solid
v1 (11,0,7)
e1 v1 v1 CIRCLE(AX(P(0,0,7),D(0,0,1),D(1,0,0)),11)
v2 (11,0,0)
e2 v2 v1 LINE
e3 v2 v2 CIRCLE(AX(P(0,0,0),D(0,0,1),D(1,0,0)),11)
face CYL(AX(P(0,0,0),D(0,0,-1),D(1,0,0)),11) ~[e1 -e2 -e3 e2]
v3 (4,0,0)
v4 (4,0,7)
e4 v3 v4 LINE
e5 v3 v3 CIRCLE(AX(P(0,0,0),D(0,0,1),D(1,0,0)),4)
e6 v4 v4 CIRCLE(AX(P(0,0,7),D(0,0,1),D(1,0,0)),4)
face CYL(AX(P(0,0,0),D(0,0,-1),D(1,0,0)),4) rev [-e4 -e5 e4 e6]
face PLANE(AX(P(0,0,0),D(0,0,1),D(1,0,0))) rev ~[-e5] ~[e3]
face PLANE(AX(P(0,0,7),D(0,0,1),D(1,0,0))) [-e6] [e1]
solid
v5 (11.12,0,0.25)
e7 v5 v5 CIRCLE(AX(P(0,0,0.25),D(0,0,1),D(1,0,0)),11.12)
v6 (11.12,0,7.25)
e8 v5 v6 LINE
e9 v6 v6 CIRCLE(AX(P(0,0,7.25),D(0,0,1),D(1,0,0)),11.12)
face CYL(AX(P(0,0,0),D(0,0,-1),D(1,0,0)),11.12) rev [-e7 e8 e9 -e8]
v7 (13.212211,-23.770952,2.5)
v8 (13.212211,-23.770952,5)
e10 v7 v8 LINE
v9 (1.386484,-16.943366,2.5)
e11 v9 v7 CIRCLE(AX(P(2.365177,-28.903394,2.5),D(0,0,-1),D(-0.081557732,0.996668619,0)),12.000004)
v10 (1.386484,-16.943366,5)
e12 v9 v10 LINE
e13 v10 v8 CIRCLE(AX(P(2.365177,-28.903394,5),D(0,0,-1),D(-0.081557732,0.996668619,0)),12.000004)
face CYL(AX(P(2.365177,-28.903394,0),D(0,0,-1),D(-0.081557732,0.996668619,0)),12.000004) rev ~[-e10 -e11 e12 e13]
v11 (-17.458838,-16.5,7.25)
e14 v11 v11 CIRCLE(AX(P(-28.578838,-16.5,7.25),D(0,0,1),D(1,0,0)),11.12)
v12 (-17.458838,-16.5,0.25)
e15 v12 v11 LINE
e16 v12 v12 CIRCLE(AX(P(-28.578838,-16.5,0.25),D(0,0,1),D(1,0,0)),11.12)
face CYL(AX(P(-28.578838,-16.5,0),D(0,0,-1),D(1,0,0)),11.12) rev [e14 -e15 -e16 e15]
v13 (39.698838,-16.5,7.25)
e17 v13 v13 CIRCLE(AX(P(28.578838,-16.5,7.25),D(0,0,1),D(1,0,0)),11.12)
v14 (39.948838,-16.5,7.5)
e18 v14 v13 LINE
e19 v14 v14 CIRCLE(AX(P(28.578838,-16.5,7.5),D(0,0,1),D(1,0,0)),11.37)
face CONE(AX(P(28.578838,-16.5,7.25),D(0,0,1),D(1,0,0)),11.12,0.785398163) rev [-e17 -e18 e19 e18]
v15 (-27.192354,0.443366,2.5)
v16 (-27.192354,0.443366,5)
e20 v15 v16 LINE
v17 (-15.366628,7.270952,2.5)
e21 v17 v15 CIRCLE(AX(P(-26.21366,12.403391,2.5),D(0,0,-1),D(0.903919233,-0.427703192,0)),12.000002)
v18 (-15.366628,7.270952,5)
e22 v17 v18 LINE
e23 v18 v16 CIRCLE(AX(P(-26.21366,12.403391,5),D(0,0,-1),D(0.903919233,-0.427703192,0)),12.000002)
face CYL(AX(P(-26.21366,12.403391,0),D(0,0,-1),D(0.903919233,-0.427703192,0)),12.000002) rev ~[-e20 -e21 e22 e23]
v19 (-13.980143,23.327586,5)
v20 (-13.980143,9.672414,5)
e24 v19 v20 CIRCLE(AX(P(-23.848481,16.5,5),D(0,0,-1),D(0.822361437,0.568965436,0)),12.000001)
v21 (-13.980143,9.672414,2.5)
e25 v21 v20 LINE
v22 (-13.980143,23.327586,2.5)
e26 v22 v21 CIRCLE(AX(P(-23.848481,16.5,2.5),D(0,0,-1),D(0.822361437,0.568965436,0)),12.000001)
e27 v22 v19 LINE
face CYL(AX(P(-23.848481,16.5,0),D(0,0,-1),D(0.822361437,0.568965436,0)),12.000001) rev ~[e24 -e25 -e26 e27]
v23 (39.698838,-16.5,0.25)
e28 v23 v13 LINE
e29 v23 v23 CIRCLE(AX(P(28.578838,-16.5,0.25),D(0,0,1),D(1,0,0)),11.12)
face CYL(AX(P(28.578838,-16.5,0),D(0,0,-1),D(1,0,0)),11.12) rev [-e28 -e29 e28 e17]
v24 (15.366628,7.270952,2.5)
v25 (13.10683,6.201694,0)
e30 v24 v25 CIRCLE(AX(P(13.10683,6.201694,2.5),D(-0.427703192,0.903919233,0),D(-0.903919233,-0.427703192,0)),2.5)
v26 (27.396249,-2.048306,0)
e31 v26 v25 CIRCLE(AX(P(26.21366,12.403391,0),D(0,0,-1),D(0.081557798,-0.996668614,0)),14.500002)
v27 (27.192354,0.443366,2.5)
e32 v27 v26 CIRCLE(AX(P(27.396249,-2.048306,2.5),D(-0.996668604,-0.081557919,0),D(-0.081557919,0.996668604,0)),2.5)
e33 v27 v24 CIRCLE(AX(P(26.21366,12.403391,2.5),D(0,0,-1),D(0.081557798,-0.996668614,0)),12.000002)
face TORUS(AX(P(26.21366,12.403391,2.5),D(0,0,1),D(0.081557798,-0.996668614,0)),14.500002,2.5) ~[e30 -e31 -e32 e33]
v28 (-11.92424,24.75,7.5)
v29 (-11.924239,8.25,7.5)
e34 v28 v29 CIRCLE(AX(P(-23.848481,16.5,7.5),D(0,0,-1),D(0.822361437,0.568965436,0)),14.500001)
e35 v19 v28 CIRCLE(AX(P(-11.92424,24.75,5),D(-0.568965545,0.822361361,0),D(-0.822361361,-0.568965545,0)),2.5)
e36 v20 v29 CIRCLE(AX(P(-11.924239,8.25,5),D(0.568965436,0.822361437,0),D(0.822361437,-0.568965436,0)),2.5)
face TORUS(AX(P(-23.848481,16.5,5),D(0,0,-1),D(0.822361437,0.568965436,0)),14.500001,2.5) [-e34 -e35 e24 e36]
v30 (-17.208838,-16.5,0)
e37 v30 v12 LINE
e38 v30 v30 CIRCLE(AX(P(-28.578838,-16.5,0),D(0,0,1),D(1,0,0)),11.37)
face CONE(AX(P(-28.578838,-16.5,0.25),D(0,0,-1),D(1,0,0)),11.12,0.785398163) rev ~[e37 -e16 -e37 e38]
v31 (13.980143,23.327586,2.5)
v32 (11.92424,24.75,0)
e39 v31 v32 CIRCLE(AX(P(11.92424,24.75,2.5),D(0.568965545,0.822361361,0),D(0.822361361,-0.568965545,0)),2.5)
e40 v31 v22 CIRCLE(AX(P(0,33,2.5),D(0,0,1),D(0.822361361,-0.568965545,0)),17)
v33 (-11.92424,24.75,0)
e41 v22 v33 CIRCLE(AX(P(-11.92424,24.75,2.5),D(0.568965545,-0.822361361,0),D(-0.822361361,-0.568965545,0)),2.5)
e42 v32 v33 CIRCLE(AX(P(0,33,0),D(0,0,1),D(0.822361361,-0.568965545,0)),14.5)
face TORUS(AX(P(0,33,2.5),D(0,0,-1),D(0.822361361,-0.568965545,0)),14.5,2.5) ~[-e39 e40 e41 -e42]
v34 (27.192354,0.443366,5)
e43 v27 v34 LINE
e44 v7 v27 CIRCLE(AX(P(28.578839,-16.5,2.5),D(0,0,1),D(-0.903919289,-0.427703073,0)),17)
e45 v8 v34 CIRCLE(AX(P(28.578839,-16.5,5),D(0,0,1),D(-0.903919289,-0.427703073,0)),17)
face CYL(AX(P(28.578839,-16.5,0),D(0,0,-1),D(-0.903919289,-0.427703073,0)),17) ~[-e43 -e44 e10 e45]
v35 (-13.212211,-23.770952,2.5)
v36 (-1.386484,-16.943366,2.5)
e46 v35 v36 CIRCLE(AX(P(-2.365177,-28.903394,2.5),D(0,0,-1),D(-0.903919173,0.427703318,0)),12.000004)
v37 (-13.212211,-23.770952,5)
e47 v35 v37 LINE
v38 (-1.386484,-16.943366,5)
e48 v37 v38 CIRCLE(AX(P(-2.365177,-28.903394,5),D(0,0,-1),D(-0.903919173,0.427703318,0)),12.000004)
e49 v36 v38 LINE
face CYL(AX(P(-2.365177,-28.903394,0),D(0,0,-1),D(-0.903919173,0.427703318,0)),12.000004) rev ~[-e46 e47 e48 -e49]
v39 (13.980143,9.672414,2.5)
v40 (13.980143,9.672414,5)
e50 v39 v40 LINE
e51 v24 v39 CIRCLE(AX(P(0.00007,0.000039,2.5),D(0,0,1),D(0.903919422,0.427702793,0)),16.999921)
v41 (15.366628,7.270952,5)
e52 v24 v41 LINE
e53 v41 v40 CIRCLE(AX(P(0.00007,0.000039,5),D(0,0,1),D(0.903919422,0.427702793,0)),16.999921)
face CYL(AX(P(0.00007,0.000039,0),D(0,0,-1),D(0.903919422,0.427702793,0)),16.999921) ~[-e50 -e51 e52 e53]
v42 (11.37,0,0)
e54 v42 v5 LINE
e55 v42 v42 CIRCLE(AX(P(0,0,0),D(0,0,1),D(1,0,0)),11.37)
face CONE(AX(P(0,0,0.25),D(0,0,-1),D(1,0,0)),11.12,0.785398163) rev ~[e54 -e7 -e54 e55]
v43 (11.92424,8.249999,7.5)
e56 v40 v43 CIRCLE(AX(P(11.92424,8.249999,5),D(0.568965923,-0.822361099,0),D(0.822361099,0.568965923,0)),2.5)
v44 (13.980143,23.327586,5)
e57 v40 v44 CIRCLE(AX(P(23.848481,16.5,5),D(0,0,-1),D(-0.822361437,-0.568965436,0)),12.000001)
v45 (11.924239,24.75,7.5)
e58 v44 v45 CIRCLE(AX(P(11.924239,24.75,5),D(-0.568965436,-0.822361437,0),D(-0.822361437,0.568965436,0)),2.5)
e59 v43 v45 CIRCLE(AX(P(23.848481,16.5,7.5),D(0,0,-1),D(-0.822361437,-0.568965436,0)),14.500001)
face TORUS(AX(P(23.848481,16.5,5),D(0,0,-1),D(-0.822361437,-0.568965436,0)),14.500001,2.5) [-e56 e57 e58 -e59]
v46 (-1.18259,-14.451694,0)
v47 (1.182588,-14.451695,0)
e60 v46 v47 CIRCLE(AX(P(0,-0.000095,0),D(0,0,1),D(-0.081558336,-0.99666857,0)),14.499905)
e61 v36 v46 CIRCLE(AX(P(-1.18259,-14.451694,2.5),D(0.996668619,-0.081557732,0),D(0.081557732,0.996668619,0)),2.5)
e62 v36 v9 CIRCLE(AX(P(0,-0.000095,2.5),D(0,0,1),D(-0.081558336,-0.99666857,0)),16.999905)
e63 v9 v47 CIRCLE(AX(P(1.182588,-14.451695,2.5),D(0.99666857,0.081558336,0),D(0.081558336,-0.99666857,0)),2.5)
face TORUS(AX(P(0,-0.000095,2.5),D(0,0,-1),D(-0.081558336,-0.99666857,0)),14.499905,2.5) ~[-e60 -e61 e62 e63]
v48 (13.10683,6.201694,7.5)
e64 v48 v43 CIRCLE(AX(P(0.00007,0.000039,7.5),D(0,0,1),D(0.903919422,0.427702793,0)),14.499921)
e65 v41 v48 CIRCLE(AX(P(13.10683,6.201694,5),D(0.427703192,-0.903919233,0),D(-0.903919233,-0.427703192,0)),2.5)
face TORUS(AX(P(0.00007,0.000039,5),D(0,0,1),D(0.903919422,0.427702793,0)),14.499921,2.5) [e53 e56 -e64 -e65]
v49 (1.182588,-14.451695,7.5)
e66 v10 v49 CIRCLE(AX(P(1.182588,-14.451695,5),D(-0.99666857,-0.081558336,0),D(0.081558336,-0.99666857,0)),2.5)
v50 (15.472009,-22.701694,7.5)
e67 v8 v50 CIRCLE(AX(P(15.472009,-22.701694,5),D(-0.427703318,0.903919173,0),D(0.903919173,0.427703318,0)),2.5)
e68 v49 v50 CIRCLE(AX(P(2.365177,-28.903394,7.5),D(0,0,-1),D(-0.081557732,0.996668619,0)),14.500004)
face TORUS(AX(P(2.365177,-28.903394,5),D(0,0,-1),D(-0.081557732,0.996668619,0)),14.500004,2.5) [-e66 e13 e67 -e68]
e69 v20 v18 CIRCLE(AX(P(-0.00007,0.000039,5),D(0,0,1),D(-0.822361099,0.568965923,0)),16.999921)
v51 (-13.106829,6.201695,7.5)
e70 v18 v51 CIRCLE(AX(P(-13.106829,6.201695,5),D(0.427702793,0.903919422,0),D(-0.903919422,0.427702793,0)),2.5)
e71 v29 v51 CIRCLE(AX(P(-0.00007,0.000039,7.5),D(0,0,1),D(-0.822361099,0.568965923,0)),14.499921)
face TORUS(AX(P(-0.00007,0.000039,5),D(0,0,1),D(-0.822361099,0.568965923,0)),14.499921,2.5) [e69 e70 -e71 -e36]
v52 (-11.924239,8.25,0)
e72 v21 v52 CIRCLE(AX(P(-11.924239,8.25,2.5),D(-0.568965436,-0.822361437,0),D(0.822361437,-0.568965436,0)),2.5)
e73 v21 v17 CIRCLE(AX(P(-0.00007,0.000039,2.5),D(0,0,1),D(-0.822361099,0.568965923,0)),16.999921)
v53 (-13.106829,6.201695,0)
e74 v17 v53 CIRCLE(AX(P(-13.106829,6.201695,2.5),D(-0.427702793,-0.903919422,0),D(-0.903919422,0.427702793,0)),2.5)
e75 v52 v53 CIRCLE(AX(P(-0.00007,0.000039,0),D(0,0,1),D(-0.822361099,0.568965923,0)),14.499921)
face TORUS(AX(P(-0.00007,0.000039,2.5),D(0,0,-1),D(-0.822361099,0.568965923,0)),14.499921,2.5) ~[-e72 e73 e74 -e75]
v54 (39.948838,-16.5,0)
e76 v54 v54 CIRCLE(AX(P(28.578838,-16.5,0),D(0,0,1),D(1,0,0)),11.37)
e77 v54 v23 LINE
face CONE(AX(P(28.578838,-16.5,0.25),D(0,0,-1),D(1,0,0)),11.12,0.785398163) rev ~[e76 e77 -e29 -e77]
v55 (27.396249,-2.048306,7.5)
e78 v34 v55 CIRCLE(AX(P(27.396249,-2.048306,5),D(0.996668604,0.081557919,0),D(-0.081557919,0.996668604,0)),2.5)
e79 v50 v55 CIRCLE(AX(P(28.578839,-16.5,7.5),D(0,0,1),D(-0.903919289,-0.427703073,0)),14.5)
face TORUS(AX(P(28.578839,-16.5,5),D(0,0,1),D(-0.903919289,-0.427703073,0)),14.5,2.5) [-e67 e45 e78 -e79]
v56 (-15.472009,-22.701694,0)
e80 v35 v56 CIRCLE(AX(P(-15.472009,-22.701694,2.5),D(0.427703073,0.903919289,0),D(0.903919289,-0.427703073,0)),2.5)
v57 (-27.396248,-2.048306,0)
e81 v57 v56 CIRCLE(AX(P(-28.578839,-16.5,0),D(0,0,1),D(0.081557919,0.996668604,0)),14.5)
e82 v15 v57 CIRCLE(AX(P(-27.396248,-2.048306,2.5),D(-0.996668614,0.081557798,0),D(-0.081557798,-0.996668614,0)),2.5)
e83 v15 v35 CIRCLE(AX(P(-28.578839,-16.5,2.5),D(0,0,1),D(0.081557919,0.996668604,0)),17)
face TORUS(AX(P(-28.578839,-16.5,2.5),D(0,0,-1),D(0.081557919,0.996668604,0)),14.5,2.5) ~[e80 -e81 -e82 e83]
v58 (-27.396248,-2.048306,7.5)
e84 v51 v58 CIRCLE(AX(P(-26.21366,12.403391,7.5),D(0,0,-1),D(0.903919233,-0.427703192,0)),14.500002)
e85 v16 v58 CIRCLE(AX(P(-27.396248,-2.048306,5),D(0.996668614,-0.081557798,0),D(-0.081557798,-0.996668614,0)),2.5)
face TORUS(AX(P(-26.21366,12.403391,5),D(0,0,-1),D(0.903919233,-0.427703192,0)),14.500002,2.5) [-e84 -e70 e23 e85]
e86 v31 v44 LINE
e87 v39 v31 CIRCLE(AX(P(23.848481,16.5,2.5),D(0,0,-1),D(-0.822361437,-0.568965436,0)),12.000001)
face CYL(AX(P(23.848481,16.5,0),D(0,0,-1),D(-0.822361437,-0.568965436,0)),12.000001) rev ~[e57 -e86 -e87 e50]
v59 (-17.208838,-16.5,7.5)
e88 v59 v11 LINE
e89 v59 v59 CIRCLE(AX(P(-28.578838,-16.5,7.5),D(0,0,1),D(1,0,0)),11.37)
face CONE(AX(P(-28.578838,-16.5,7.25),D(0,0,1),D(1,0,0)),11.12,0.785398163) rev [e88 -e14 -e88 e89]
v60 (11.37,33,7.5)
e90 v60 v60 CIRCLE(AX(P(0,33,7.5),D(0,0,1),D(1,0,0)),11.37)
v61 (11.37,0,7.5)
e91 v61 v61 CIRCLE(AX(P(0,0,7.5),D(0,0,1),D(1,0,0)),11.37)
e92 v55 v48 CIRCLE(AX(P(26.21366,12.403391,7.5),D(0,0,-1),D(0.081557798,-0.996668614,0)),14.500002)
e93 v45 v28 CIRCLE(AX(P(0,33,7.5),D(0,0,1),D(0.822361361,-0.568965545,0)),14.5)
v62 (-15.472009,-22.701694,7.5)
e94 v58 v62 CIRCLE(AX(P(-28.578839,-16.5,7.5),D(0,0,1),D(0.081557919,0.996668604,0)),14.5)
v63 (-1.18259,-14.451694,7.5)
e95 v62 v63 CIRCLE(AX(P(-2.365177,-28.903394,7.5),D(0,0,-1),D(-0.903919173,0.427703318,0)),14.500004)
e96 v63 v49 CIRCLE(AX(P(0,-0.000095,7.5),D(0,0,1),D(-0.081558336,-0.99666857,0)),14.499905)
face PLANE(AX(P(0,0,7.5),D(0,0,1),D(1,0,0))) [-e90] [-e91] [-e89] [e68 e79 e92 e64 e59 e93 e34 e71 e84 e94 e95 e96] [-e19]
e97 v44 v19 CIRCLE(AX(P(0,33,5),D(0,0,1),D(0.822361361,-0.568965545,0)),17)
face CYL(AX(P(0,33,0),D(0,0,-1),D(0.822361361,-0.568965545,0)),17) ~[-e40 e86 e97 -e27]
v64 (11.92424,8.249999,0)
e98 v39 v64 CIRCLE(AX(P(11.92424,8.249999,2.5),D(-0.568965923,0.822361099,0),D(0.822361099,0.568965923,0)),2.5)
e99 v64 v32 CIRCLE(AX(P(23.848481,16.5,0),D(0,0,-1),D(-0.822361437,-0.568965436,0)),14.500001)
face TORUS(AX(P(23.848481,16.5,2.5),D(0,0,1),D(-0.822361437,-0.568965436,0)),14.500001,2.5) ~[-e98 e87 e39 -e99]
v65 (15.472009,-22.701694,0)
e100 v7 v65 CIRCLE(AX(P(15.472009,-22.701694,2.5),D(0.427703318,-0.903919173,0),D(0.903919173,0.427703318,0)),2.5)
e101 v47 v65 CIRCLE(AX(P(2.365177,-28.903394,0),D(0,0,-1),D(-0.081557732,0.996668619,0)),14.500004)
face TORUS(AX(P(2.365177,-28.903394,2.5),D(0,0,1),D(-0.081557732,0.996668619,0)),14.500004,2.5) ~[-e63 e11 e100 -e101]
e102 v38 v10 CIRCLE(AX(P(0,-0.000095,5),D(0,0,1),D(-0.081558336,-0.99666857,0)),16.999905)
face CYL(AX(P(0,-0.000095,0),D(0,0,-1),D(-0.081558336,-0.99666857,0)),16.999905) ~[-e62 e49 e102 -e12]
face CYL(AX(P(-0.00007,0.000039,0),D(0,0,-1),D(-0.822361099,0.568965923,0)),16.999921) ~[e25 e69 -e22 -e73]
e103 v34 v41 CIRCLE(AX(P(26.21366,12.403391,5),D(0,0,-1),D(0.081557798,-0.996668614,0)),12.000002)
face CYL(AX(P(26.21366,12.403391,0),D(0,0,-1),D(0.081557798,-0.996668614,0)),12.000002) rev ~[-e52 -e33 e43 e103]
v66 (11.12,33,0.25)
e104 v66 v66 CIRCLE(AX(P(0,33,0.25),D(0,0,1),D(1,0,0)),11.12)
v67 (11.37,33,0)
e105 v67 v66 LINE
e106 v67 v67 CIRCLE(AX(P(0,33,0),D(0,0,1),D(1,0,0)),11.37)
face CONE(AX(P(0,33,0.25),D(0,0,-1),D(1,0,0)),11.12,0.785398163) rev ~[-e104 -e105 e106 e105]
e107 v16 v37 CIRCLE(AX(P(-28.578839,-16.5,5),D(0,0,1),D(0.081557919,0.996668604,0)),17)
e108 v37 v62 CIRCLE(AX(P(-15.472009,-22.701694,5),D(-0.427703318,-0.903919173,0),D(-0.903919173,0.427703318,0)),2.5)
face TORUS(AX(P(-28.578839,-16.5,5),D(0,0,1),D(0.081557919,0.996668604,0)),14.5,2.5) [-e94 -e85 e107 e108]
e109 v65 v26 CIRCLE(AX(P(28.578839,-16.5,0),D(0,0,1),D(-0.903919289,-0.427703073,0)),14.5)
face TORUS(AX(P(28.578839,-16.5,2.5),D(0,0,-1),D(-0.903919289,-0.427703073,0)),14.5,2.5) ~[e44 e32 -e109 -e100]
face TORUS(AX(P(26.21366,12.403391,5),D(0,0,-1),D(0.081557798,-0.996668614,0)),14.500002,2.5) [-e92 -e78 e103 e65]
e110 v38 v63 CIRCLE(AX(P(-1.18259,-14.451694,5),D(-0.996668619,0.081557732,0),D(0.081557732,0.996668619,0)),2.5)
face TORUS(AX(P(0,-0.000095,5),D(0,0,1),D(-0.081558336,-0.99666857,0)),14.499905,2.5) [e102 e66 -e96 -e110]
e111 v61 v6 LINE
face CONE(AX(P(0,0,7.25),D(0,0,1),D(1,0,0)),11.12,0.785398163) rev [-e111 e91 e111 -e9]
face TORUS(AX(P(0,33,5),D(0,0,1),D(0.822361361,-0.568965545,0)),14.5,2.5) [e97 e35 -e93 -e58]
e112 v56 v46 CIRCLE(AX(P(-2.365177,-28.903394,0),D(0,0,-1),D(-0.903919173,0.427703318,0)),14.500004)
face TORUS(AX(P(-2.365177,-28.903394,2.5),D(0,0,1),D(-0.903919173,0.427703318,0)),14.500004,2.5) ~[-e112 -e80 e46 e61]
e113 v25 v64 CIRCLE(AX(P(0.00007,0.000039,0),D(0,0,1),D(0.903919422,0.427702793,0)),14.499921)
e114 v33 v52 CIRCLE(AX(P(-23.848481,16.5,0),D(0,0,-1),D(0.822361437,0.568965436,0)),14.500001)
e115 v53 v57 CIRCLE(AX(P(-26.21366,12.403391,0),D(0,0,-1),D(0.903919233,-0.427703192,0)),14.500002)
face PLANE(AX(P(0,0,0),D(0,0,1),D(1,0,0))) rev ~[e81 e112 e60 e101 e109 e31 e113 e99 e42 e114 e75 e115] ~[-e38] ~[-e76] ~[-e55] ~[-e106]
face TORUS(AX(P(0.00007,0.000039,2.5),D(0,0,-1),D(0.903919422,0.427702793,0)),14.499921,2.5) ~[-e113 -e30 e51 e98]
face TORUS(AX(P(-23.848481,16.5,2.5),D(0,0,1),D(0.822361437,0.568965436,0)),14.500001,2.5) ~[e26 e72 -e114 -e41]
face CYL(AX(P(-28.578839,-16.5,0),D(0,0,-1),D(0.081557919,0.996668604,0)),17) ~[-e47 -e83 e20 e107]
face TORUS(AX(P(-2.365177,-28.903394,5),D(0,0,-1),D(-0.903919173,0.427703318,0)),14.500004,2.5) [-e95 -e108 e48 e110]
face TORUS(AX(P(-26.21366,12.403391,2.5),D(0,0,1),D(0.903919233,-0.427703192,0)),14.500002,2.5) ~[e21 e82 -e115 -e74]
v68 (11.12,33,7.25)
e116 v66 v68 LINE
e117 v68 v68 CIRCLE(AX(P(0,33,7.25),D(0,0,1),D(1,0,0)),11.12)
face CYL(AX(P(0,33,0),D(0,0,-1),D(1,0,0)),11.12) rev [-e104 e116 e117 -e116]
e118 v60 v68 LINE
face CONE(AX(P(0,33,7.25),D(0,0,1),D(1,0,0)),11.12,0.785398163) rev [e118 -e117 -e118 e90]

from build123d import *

# Parameters (mm, degrees)
F0_R     = 11
F0_R_2   = 4
F1_DEPTH = 7
F2_R     = 11.12
F3_DEPTH = 7.5
F4_R     = 2.5
F5_SIZE  = 0.25


with BuildPart() as f1:
    # F0 (on Top) → F1 (new body)
    with BuildSketch(Plane.XY):
        Circle(F0_R)
        Circle(F0_R_2, mode=Mode.SUBTRACT)
    extrude(amount=F1_DEPTH)


with BuildPart() as f3:
    # F2 (on Top) → F3 (new body)
    with BuildSketch(Plane.XY):
        with BuildLine():
            ThreePointArc((-13.212211, -23.770952), (-8.365179, -18.511085), (-1.386484, -16.943366))
            ThreePointArc((-1.386484, -16.943366), (0, -17), (1.386484, -16.943366))
            ThreePointArc((1.386484, -16.943366), (8.365179, -18.511085), (13.212211, -23.770952))
            ThreePointArc((13.212211, -23.770952), (43.30127, -25), (27.192354, 0.443366))
            ThreePointArc((27.192354, 0.443366), (20.213659, 2.011085), (15.366628, 7.270952))
            ThreePointArc((15.366628, 7.270952), (14.722432, 8.5), (13.980143, 9.672414))
            ThreePointArc((13.980143, 9.672414), (11.84848, 16.5), (13.980143, 23.327586))
            ThreePointArc((13.980143, 23.327586), (0, 50), (-13.980143, 23.327586))
            ThreePointArc((-13.980143, 23.327586), (-11.84848, 16.5), (-13.980143, 9.672414))
            ThreePointArc((-13.980143, 9.672414), (-14.722432, 8.5), (-15.366628, 7.270952))
            ThreePointArc((-15.366628, 7.270952), (-20.213659, 2.011085), (-27.192354, 0.443366))
            ThreePointArc((-27.192354, 0.443366), (-43.30127, -25), (-13.212211, -23.770952))
        make_face()
        with Locations((-28.578838, -16.5)):
            Circle(F2_R, mode=Mode.SUBTRACT)
        with Locations((28.578838, -16.5)):
            Circle(F2_R, mode=Mode.SUBTRACT)
        Circle(F2_R, mode=Mode.SUBTRACT)
        with Locations((0, 33)):
            Circle(F2_R, mode=Mode.SUBTRACT)
    extrude(amount=F3_DEPTH)

    # F4
    f4_edges = [f3.edges().sort_by_distance(p)[0] for p in [
        (-8.365179, -18.511085, 7.5),
        (0, 50, 0),
    ]]
    fillet(f4_edges, radius=F4_R)

    # F5
    f5_edges = [f3.edges().sort_by_distance(p)[0] for p in [
        (-39.698838, -16.5, 0),
        (-11.12, 33, 0),
        (17.458838, -16.5, 0),
        (17.458838, -16.5, 7.5),
        (-39.698838, -16.5, 7.5),
        (-11.12, 33, 7.5),
        (-11.12, 0, 7.5),
        (-11.12, 0, 0),
    ]]
    chamfer(f5_edges, length=F5_SIZE)


solid = Compound([f1.part, f3.part])
